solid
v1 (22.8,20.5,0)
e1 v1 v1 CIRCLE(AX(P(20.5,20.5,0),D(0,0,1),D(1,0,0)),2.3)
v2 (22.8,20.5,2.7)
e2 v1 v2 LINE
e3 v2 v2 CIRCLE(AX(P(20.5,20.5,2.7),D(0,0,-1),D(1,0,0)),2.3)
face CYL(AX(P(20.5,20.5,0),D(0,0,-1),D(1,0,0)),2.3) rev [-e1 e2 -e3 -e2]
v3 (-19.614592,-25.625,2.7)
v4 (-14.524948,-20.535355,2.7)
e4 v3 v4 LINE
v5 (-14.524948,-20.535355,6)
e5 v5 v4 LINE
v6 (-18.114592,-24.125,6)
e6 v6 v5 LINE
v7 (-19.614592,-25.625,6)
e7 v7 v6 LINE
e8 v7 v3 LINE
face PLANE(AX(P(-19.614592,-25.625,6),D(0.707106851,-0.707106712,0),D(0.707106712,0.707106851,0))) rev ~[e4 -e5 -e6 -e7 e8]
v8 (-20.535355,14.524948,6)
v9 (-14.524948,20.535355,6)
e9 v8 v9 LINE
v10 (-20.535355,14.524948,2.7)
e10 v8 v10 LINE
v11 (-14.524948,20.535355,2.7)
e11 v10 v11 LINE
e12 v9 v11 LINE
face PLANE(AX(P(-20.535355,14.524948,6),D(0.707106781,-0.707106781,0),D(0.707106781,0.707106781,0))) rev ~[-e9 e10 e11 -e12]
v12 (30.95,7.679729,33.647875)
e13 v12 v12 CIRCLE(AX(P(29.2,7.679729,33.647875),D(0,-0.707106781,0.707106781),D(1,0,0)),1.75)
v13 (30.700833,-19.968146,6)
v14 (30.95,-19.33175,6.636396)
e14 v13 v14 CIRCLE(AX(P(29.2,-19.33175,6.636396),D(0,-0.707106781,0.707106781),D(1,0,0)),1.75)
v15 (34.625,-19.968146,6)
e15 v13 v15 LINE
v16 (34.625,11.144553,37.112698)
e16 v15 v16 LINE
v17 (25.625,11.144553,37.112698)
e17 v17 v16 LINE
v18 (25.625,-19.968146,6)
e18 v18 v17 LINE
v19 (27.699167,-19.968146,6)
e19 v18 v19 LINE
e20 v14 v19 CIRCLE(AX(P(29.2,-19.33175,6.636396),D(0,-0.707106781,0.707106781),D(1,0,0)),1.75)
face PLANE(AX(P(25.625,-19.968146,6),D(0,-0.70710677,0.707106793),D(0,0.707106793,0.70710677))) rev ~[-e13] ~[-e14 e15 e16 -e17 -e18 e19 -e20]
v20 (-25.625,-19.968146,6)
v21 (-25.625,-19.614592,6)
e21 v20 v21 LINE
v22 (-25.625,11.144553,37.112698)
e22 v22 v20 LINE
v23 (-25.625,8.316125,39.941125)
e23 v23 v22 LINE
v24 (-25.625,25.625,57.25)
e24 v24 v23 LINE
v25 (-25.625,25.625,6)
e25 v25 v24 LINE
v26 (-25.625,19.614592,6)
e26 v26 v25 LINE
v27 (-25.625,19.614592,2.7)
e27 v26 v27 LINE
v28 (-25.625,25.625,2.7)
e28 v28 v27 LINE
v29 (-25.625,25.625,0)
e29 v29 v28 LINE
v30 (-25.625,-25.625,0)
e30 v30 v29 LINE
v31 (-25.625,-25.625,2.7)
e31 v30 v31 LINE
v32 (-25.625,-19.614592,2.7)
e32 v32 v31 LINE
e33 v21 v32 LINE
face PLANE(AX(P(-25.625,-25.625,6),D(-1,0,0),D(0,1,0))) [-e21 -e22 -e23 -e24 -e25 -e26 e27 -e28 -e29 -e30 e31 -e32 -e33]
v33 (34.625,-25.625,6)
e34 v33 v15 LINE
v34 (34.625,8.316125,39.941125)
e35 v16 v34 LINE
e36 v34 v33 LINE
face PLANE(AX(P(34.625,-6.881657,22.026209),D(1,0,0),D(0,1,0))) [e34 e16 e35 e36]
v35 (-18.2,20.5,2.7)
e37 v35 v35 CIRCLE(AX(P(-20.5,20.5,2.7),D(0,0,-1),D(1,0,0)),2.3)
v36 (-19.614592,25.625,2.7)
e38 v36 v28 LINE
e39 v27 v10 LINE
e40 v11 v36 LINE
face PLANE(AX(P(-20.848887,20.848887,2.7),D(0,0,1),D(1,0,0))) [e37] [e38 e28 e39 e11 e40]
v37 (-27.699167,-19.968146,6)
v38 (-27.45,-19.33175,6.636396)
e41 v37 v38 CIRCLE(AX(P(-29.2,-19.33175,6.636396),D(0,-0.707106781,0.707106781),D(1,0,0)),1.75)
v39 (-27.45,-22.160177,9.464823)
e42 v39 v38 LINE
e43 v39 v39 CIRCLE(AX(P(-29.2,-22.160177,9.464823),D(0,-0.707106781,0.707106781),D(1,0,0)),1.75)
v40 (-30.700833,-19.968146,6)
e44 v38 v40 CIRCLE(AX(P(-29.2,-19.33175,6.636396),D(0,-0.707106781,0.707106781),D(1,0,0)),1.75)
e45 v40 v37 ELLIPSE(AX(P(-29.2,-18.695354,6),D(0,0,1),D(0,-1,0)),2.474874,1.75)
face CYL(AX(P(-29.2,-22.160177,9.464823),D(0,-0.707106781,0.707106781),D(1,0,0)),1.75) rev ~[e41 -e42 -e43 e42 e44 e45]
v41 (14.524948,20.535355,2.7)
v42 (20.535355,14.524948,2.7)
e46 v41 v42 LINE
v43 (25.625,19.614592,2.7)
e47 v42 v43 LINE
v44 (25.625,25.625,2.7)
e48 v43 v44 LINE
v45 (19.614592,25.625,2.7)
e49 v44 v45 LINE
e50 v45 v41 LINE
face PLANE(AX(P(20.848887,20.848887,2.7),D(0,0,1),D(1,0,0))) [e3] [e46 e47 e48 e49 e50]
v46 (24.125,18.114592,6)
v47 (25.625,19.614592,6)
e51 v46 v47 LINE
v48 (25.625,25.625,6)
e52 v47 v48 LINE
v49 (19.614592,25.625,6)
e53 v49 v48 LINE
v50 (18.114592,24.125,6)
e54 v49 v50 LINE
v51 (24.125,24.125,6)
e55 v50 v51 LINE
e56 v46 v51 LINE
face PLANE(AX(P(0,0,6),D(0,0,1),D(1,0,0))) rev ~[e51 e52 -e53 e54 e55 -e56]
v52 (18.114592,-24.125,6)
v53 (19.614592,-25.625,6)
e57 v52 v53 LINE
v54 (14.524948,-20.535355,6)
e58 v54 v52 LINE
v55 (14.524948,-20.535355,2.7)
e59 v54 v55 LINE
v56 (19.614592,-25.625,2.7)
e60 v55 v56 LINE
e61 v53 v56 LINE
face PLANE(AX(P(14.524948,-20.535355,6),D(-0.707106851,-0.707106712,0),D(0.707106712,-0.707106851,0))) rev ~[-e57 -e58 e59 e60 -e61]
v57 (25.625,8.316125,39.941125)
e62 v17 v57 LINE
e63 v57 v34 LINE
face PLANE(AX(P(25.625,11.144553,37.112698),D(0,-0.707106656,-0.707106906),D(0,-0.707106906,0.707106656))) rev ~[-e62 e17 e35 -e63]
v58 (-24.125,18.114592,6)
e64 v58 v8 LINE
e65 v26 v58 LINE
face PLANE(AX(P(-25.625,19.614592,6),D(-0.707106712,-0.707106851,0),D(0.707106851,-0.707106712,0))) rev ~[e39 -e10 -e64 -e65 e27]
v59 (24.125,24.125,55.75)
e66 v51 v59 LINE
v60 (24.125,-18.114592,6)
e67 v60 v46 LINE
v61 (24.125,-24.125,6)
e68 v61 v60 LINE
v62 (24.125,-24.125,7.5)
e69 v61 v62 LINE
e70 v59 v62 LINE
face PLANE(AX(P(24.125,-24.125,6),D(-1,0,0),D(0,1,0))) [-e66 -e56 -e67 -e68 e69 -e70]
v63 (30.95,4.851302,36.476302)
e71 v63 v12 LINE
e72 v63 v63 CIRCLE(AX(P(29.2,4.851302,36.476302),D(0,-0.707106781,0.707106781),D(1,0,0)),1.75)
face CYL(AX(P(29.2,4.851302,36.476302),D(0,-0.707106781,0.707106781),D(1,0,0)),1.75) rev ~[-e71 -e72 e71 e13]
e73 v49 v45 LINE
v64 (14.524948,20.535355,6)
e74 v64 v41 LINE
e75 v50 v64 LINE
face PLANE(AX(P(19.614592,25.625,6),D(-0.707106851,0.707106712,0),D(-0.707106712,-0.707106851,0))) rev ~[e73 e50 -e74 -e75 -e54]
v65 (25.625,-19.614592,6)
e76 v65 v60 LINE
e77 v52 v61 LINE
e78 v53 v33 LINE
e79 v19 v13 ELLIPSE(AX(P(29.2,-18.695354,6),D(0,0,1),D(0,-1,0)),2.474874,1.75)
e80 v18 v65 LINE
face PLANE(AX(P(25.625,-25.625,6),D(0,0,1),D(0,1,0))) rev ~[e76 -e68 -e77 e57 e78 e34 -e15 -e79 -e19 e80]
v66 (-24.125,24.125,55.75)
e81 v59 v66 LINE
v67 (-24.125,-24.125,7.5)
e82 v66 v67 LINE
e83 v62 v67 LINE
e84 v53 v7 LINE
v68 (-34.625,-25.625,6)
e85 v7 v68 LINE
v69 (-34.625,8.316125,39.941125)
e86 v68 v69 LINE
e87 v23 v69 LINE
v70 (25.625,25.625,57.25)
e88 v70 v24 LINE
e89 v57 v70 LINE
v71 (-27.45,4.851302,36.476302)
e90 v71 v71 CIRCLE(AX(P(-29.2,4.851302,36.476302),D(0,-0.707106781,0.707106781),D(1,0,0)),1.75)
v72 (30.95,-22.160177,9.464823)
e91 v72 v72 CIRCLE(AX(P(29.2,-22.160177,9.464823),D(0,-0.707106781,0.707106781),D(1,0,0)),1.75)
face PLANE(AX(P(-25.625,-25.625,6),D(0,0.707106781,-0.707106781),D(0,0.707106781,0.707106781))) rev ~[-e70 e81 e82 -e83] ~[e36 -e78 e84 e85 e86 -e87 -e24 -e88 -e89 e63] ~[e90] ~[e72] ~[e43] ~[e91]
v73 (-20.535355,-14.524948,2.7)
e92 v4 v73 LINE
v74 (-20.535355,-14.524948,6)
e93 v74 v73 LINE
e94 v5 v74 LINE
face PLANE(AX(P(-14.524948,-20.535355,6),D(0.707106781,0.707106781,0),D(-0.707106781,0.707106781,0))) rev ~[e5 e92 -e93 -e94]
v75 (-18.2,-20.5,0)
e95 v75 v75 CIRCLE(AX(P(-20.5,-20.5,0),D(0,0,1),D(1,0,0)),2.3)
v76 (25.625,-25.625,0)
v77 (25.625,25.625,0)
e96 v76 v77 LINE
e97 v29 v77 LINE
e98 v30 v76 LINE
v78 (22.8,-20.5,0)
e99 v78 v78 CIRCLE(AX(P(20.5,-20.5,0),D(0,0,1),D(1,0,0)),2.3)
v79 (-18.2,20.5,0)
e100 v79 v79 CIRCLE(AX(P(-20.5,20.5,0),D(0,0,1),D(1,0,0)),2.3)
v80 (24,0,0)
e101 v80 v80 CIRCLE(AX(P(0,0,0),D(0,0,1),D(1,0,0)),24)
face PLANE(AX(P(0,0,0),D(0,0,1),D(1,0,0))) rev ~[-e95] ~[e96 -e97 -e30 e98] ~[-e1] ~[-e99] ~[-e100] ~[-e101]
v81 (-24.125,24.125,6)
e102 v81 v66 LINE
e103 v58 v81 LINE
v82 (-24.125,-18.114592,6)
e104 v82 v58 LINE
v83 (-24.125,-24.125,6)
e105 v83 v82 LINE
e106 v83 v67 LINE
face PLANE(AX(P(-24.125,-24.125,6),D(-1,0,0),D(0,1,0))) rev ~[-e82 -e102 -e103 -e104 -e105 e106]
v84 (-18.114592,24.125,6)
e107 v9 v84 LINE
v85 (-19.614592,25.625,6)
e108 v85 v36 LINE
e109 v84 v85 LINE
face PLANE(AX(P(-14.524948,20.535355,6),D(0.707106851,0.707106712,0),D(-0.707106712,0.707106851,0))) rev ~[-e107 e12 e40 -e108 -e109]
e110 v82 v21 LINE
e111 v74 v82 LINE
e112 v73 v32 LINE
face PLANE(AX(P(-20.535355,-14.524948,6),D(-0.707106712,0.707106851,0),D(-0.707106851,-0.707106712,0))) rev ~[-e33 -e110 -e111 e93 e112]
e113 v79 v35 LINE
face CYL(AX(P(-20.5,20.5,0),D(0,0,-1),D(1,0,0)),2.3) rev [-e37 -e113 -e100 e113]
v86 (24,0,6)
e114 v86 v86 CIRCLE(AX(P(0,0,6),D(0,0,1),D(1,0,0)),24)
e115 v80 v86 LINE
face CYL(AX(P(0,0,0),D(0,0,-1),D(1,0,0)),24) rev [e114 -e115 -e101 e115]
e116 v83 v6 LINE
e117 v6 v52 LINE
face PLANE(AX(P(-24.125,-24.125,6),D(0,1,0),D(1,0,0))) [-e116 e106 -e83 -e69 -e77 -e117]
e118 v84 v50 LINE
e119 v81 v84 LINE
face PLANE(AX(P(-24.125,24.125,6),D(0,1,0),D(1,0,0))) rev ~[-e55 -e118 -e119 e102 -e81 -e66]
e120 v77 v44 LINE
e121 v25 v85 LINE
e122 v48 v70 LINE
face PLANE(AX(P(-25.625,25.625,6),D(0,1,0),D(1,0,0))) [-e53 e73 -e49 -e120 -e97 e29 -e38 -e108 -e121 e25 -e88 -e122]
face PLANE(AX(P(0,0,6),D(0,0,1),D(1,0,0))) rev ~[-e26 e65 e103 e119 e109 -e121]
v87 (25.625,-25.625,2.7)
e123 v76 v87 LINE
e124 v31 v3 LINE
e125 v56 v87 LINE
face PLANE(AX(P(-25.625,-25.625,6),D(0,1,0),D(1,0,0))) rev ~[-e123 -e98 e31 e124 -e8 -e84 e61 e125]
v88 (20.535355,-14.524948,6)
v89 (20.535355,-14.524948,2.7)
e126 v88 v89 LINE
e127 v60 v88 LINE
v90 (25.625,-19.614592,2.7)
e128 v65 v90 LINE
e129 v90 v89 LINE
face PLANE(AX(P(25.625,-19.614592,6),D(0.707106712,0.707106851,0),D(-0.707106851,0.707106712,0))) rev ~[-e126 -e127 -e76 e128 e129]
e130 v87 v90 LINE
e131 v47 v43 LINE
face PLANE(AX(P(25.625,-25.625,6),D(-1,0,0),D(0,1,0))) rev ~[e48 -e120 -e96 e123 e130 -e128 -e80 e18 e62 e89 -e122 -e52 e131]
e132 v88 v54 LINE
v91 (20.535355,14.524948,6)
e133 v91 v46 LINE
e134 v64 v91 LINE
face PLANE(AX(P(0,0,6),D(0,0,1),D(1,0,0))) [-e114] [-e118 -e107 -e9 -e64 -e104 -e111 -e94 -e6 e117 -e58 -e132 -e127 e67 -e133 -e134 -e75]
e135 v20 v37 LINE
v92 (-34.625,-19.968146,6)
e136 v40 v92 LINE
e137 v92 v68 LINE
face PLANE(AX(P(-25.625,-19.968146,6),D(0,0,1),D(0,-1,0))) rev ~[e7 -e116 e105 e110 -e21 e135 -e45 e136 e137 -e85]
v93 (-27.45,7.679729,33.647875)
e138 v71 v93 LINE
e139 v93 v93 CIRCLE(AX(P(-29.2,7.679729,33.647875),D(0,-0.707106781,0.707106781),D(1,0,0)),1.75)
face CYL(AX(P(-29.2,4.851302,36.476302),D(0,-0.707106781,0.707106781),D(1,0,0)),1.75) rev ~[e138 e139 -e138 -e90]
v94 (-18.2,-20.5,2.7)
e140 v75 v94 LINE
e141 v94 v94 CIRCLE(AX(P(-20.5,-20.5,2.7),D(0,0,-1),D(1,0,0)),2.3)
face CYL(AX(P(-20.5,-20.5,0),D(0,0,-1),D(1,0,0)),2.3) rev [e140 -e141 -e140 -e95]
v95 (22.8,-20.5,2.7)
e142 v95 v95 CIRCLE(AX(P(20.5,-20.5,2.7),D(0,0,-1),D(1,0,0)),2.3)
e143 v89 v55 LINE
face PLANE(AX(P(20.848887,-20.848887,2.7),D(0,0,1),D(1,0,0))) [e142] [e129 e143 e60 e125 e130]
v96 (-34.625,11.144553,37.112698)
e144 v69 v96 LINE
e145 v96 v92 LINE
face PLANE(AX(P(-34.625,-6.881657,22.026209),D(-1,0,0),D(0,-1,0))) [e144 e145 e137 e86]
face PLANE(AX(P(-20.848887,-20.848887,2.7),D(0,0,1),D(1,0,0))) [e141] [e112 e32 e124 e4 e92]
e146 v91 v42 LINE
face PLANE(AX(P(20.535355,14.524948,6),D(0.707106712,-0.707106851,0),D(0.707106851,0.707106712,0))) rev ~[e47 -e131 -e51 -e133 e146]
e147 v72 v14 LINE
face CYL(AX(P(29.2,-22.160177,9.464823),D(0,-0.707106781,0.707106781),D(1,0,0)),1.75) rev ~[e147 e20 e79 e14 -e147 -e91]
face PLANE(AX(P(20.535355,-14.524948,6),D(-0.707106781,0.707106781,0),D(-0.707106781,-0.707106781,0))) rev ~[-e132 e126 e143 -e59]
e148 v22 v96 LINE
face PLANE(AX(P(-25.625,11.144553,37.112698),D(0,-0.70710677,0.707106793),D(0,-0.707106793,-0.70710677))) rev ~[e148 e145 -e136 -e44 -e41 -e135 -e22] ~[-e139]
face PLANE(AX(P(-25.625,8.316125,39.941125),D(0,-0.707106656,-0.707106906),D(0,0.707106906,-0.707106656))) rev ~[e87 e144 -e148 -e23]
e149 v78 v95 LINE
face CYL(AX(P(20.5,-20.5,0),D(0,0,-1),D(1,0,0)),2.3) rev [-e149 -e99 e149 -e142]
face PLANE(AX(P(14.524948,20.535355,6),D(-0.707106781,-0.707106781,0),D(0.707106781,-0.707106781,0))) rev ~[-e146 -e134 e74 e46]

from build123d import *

# Parameters (mm, degrees)
F0_W      = 51.25
F0_H      = 51.25
F0_R      = 2.3
F0_R_2    = 24
F1_DEPTH  = 6
F3_DEPTH  = 3.3
F4_W      = 51.25
F4_H      = 51.25
F4_W_2    = 48.25
F4_H_2    = 48.25
F5_DEPTH  = 55
F7_DEPTH  = 51.251
F9_DEPTH  = 9
F11_DEPTH = 9
F12_R     = 1.75
F13_DEPTH = 40.482863


with BuildPart() as f1:
    # F0 (on Top) → F1 (new body)
    with BuildSketch(Plane.XY):
        Rectangle(F0_W, F0_H)
        with Locations((-20.5, -20.5)):
            Circle(F0_R, mode=Mode.SUBTRACT)
        with Locations((20.5, -20.5)):
            Circle(F0_R, mode=Mode.SUBTRACT)
        with Locations((-20.5, 20.5)):
            Circle(F0_R, mode=Mode.SUBTRACT)
        Circle(F0_R_2, mode=Mode.SUBTRACT)
        with Locations((20.5, 20.5)):
            Circle(F0_R, mode=Mode.SUBTRACT)
    extrude(amount=F1_DEPTH)

    # F2 (on face) → F3 (cut)
    with BuildSketch(Plane.XY.offset(6)):
        Polygon((-25.625, 25.625), (-25.625, 19.614592), (-20.535355, 14.524948), (-14.524948, 20.535355), (-19.614592, 25.625), align=None)
        Polygon((19.614592, 25.625), (14.524948, 20.535355), (20.535355, 14.524948), (25.625, 19.614592), (25.625, 25.625), align=None)
        Polygon((25.625, -25.625), (25.625, -19.614592), (20.535355, -14.524948), (14.524948, -20.535355), (19.614592, -25.625), align=None)
        Polygon((-14.524948, -20.535355), (-20.535355, -14.524948), (-25.625, -19.614592), (-25.625, -25.625), (-19.614592, -25.625), align=None)
    extrude(amount=-F3_DEPTH, mode=Mode.SUBTRACT)

    # F4 (on face) → F5 (join)
    with BuildSketch(Plane.XY.offset(6)):
        Rectangle(F4_W, F4_H)
        Rectangle(F4_W_2, F4_H_2, mode=Mode.SUBTRACT)
    extrude(amount=F5_DEPTH)

    # F6 (on face) → F7 (cut, through all)
    with BuildSketch(Plane.YZ.offset(25.625)):
        Polygon((-25.625, 61), (-25.625, 6), (25.625, 57.25), (25.625, 61), align=None)
    extrude(amount=-F7_DEPTH, mode=Mode.SUBTRACT)

    # F8 (on face) → F9 (join)
    with BuildSketch(Plane.YZ.offset(25.625)):
        Polygon((8.316125, 39.941125), (-25.625, 6), (-19.968146, 6), (11.144553, 37.112698), align=None)
    extrude(amount=F9_DEPTH)

    # F10 (on face) → F11 (join)
    with BuildSketch(Plane(origin=(-25.625, 0, 0), x_dir=(0, -1, 0), z_dir=(-1, 0, 0))):
        Polygon((19.968146, 6), (25.625, 6), (-8.316125, 39.941125), (-11.144553, 37.112698), align=None)
    extrude(amount=F11_DEPTH)

    # F12 (on face) → F13 (cut, through all)
    with BuildSketch(Plane(origin=(0, -15.8125, 15.8125), x_dir=(1, 0, 0), z_dir=(0, -0.707107, 0.707107))):
        with Locations((29.2, 29.223029)):
            Circle(F12_R)
        with Locations((29.2, -8.976971)):
            Circle(F12_R)
        with Locations((-29.2, 29.223029)):
            Circle(F12_R)
        with Locations((-29.2, -8.976971)):
            Circle(F12_R)
    extrude(amount=-F13_DEPTH, mode=Mode.SUBTRACT)


solid = f1.part
